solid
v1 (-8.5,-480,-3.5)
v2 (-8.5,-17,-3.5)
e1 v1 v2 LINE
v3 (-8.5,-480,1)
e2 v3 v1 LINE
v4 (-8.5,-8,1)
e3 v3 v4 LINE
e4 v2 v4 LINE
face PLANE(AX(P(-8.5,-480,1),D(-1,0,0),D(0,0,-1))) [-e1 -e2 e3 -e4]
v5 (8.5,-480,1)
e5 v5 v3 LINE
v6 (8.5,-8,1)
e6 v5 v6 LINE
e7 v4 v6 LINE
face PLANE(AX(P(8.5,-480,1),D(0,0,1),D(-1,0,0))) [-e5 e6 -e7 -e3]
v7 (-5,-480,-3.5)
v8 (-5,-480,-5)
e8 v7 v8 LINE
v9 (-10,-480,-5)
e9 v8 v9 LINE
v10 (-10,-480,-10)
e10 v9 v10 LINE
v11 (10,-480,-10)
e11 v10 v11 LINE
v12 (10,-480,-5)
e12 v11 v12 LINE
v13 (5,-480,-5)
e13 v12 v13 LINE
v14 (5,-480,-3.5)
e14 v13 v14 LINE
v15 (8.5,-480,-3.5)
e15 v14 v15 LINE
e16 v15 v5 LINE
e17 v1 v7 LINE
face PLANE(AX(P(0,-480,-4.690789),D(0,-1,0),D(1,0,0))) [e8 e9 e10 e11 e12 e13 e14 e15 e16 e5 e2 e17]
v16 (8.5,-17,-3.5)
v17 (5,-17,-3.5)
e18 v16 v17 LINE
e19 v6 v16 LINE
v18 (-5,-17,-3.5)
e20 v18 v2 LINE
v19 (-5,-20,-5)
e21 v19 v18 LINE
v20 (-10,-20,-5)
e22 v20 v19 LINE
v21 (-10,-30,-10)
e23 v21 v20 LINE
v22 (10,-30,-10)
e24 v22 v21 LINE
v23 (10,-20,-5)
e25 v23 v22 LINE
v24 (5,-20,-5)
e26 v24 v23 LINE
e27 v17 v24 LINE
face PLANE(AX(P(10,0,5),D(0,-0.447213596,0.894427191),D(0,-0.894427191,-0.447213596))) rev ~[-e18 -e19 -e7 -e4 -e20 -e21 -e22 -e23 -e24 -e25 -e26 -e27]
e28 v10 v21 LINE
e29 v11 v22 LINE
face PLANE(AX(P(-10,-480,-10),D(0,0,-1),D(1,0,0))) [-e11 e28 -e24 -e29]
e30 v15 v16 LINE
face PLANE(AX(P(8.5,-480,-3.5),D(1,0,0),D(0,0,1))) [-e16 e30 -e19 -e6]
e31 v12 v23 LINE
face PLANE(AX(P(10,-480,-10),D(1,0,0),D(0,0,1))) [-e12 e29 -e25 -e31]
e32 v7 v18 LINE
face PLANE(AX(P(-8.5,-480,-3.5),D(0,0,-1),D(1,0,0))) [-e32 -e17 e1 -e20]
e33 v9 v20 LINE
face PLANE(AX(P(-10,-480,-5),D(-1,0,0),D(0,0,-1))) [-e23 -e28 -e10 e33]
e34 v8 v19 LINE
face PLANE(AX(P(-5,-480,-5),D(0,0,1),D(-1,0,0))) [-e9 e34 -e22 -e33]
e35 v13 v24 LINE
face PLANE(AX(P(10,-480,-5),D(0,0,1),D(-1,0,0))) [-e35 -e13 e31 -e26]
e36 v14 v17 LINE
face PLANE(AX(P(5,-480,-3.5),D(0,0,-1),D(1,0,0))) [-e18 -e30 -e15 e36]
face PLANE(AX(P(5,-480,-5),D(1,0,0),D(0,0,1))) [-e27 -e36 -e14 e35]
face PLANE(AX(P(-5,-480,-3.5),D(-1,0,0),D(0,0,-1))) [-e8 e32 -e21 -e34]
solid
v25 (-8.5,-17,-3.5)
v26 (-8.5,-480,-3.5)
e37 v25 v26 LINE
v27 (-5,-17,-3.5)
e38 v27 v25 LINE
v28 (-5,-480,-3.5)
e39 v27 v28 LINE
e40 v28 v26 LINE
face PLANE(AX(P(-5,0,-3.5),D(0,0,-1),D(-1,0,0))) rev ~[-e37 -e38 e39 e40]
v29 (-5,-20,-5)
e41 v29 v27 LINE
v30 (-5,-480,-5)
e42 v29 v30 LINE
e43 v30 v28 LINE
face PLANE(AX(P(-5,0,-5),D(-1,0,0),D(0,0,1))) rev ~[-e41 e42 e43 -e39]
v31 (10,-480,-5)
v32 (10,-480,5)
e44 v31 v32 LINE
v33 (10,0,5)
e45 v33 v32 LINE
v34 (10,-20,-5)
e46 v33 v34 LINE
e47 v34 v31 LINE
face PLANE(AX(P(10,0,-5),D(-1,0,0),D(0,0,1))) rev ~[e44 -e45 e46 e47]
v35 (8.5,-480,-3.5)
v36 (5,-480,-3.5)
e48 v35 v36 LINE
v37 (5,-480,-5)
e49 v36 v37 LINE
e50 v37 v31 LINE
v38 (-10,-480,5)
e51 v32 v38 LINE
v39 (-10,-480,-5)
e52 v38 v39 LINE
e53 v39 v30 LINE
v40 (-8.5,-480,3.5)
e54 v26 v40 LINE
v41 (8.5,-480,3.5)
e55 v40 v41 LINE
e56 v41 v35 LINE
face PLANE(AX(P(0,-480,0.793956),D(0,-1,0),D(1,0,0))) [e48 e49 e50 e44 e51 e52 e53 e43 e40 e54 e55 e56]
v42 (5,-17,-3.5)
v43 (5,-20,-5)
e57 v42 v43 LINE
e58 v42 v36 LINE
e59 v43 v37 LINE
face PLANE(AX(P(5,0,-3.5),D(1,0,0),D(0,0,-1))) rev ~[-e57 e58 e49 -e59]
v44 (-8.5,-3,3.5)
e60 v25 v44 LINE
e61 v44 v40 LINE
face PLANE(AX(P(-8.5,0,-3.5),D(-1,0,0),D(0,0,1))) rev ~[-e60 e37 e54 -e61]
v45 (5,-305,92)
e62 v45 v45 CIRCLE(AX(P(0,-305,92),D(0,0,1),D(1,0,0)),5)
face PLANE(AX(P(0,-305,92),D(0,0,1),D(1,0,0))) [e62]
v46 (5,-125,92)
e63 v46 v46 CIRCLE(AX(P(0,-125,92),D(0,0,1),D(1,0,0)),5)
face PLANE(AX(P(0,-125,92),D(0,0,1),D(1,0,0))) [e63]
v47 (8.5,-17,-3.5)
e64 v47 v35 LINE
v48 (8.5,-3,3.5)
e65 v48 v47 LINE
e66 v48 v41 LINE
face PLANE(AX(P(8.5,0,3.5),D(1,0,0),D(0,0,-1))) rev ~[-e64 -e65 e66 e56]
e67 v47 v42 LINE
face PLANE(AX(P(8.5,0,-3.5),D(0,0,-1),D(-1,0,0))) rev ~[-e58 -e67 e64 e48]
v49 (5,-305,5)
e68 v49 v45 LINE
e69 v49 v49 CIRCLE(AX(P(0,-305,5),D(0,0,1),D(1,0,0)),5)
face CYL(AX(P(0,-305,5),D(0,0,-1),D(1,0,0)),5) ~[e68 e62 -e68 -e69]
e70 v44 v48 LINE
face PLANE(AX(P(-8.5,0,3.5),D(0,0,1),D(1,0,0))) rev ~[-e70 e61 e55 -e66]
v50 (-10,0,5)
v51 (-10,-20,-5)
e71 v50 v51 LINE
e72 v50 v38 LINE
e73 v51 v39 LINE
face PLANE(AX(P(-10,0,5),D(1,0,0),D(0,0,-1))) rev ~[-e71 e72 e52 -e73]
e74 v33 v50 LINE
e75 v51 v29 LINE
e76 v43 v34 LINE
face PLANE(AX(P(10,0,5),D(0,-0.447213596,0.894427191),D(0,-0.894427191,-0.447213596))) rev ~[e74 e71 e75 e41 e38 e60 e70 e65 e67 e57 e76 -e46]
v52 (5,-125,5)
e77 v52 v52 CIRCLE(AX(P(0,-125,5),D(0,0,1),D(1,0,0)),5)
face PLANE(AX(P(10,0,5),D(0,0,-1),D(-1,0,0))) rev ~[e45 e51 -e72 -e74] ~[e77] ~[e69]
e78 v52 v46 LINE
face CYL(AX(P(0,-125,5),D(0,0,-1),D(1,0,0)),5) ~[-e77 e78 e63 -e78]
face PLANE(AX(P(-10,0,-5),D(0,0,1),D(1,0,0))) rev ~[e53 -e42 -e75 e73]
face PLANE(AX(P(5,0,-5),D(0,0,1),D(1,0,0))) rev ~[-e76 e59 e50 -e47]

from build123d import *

# Parameters (mm, degrees)
F1_DEPTH = 480
F3_DEPTH = 480
F5_DEPTH = 25
F6_R     = 5
F7_DEPTH = 87


with BuildPart() as f1:
    # F0 (on Front) → F1 (new body)
    with BuildSketch(Plane.XZ):
        Polygon((-10, 5), (-10, -5), (-5, -5), (-5, -3.5), (-8.5, -3.5), (-8.5, 3.5), (8.5, 3.5), (8.5, -3.5), (5, -3.5), (5, -5), (10, -5), (10, 5), align=None)
    extrude(amount=F1_DEPTH)


with BuildPart() as f3:
    # F2 (on face) → F3 (new body)
    with BuildSketch(Plane.XZ.offset(480)):
        Polygon((0, 1), (-8.5, 1), (-8.5, -3.5), (-5, -3.5), (-5, -5), (-10, -5), (-10, -10), (-8.5, -10), (0, -10), (8.5, -10), (10, -10), (10, -5), (5, -5), (5, -3.5), (8.5, -3.5), (8.5, 1), align=None)
    extrude(amount=-F3_DEPTH)


with BuildPart() as f5_tool:
    # F4 (on face) → F5 (new body)
    with BuildSketch(Plane.YZ.offset(10)):
        Polygon((0, -10), (0, 5), (-30, -10), align=None)
    extrude(amount=-F5_DEPTH)


with BuildPart() as f1_1:
    add(f1.part)

    # F5: cut by f5_tool
    add(f5_tool.part, mode=Mode.SUBTRACT)

    # F6 (on face) → F7 (join)
    with BuildSketch(Plane.XY.offset(5)):
        with Locations((0, -305)):
            Circle(F6_R)
        with Locations((0, -125)):
            Circle(F6_R)
    extrude(amount=F7_DEPTH)


with BuildPart() as f3_1:
    add(f3.part)

    # F5: cut by f5_tool
    add(f5_tool.part, mode=Mode.SUBTRACT)


solid = Compound([f1_1.part, f3_1.part])
